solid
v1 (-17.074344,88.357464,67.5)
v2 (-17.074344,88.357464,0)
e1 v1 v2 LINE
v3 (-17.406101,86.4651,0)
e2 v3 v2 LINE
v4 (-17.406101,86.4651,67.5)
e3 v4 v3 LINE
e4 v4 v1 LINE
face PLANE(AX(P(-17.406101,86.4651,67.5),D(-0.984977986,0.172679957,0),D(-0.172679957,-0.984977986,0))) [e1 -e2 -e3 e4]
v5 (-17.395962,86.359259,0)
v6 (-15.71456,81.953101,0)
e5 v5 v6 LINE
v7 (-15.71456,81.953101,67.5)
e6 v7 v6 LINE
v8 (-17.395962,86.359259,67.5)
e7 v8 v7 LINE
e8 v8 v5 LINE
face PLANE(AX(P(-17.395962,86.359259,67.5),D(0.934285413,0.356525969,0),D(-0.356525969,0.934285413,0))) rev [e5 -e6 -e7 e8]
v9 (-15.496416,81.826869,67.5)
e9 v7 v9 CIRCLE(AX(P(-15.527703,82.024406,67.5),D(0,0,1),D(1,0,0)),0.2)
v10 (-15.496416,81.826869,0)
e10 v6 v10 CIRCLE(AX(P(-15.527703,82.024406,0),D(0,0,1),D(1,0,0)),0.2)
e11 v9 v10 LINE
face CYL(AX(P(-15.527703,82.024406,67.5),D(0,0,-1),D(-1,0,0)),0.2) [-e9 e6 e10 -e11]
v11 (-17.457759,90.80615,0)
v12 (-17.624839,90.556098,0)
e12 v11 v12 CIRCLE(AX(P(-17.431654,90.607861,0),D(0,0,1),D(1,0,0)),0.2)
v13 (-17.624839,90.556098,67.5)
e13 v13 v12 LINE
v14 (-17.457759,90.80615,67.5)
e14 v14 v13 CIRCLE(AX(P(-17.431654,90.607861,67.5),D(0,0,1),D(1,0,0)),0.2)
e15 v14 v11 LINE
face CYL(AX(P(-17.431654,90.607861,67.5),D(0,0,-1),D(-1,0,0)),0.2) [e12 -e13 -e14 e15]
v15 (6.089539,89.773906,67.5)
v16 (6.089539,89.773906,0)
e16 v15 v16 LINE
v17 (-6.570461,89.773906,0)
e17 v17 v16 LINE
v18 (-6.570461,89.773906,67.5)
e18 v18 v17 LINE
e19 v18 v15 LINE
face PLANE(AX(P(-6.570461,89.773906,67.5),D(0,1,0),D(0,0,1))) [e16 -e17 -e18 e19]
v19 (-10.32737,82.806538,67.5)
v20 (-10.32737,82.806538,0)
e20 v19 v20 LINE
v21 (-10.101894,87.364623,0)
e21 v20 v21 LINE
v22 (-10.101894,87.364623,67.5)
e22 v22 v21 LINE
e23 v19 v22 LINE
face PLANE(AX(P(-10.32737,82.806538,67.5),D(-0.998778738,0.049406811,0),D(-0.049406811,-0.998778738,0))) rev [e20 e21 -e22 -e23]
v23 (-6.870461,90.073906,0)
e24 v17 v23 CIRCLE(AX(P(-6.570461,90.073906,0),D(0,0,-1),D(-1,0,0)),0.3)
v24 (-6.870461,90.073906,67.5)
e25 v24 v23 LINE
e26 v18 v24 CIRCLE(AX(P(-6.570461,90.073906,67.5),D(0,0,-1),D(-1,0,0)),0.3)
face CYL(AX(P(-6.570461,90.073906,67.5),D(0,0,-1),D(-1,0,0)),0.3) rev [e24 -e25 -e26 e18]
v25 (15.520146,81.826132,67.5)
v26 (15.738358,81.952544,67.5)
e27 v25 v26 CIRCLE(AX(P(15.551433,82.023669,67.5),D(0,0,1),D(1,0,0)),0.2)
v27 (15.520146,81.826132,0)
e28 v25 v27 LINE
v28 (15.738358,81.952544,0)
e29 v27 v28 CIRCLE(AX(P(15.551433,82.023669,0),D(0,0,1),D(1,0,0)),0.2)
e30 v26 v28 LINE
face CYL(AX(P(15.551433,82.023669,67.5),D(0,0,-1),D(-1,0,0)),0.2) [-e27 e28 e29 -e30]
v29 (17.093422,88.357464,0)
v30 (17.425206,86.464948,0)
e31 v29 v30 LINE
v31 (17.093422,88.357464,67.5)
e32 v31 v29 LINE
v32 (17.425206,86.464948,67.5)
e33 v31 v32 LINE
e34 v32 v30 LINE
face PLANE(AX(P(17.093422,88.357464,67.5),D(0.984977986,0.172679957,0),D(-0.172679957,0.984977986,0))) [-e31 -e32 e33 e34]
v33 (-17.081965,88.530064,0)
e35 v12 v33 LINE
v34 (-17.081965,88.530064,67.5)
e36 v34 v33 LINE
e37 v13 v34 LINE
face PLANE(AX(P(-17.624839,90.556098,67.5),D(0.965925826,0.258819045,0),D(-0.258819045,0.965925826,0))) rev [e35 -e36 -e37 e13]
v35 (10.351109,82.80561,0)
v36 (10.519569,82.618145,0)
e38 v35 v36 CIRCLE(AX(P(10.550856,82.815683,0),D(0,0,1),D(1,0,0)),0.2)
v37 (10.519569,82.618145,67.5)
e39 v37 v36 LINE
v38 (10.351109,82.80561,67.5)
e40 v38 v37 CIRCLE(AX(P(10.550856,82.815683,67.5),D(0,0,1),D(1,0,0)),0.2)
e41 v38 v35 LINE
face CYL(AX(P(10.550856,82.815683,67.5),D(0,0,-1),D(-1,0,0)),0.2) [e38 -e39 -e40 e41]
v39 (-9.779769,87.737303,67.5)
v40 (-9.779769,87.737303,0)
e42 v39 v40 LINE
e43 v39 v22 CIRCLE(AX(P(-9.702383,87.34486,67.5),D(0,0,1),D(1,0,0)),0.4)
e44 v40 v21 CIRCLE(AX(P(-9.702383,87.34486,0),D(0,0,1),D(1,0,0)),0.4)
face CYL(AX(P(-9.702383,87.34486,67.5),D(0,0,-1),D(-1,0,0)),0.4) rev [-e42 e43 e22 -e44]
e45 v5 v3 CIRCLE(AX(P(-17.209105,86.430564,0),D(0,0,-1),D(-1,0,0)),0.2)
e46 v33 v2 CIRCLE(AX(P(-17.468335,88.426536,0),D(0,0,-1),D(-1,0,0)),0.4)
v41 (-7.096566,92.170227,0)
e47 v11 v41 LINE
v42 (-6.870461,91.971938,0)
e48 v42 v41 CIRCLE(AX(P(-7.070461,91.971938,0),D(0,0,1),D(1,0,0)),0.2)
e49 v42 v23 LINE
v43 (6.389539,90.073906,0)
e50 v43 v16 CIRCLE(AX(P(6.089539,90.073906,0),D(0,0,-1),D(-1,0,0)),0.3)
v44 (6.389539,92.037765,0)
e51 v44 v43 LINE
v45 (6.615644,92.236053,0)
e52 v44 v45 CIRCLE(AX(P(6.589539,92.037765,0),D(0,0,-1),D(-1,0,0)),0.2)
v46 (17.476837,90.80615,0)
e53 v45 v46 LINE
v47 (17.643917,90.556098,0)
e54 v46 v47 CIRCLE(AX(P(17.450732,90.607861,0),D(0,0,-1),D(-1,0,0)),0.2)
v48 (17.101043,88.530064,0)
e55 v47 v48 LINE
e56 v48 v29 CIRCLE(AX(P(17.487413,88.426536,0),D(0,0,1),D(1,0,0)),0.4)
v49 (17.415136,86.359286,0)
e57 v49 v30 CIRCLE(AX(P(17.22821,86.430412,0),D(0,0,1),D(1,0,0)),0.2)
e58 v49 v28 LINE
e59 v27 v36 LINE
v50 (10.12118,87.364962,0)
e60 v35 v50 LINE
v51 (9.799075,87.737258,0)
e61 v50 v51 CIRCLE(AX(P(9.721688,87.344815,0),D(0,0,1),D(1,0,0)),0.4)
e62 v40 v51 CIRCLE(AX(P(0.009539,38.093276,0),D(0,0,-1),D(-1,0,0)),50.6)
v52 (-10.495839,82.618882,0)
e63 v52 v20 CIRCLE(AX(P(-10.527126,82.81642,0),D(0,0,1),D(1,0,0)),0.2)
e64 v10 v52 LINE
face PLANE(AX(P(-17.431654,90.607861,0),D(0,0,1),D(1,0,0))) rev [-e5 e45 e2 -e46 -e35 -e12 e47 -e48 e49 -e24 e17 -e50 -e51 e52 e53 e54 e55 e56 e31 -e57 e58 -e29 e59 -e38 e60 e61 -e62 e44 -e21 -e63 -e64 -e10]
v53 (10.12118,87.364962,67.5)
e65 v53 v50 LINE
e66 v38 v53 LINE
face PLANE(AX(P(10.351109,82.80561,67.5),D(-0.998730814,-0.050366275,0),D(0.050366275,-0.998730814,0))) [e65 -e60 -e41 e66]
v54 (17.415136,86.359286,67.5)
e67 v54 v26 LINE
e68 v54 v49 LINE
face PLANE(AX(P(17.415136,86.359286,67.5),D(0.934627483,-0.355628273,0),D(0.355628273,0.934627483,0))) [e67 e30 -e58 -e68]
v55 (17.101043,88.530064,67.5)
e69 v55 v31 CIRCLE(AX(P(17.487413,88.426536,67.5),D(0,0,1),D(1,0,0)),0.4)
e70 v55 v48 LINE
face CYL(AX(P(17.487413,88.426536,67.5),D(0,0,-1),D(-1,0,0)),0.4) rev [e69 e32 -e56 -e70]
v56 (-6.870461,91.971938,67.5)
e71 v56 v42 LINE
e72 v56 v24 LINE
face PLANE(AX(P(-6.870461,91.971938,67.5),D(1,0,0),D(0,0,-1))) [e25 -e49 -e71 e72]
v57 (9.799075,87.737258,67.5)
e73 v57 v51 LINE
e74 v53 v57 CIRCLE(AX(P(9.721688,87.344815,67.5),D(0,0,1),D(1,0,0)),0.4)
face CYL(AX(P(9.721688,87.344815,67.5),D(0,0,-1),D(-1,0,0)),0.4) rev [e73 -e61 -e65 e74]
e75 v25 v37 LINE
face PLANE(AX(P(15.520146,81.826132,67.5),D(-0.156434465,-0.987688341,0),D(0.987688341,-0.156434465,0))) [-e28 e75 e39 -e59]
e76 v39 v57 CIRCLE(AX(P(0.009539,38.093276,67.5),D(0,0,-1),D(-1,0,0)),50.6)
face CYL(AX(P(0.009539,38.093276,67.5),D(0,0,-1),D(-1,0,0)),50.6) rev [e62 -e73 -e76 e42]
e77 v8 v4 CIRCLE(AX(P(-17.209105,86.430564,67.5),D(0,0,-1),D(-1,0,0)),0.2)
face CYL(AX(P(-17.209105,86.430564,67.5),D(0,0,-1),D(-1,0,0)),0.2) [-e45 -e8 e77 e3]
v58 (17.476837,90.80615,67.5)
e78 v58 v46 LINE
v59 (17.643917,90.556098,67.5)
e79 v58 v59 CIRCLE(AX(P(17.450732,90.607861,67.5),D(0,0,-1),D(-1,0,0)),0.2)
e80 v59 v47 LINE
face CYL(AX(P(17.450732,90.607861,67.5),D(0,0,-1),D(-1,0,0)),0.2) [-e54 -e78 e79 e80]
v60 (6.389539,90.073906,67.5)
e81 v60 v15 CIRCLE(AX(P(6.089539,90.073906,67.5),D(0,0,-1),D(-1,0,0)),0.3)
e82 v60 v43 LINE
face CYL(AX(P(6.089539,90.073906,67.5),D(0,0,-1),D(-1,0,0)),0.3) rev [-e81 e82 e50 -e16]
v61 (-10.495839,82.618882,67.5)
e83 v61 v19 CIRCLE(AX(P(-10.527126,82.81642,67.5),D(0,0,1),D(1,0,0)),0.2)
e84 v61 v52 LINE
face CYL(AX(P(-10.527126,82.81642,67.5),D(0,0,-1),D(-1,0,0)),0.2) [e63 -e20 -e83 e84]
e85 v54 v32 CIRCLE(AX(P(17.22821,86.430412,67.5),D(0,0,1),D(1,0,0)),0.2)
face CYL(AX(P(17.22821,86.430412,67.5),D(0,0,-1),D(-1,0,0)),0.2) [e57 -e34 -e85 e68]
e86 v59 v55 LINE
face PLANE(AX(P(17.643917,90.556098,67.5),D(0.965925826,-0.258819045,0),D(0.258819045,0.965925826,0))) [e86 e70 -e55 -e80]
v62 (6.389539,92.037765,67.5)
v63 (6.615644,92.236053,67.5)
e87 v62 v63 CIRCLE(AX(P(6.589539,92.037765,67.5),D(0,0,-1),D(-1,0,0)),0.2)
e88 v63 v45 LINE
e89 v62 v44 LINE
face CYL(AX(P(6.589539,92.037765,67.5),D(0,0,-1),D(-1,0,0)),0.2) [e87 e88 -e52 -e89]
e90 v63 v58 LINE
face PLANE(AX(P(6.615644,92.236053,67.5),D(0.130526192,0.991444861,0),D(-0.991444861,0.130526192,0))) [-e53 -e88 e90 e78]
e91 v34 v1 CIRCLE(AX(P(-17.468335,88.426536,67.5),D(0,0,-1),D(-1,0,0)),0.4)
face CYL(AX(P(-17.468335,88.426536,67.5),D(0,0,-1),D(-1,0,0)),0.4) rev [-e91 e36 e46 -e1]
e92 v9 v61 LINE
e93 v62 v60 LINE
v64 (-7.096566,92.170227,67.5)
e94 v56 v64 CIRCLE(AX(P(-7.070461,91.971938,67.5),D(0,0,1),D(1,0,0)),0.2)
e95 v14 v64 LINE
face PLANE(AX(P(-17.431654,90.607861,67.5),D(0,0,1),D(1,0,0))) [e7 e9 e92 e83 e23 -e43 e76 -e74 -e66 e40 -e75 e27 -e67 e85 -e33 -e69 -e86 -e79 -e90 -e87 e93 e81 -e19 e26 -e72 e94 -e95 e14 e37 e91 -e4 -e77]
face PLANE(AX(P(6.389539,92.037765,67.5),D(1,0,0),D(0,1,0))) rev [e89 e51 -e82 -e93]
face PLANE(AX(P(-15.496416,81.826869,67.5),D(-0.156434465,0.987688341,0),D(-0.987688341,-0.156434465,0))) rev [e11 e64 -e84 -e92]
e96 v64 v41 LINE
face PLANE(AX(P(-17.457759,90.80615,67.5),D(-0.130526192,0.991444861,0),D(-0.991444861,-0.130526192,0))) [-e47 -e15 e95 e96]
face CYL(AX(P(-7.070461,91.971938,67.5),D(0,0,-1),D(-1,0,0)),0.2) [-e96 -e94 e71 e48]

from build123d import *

# Parameters (mm, degrees)
BOSS_EXTRUDE2_DEPTH = 67.5


with BuildPart() as part:
    # Sketch1 → Boss-Extrude2 (new body)
    with BuildSketch(Plane.XY):
        with BuildLine():
            Line((-17.624839098, 90.556097537), (-17.081964944, 88.53006361))
            ThreePointArc((-17.081964944, 88.53006361), (-17.06872461, 88.444180172), (-17.07434408, 88.357464009))
            Line((-17.07434408, 88.357464009), (-17.406101009, 86.465100374))
            ThreePointArc((-17.406101009, 86.465100374), (-17.408194108, 86.4114937), (-17.395962494, 86.359259189))
            Line((-17.395962494, 86.359259189), (-15.714560006, 81.953100992))
            ThreePointArc((-15.714560006, 81.953100992), (-15.62787368, 81.851299803), (-15.496416031, 81.826868517))
            Line((-15.496416031, 81.826868517), (-10.495838808, 82.618882142))
            ThreePointArc((-10.495838808, 82.618882142), (-10.378300643, 82.682811793), (-10.327369953, 82.806538448))
            Line((-10.327369953, 82.806538448), (-10.101894168, 87.364622968))
            ThreePointArc((-10.101894168, 87.364622968), (-10.0050052, 87.606431661), (-9.779768503, 87.737303149))
            ThreePointArc((-9.779768503, 87.737303149), (0.009655574, 88.693275712), (9.799075243, 87.737258013))
            ThreePointArc((9.799075243, 87.737258013), (10.024185058, 87.606531513), (10.121179929, 87.364961975))
            Line((10.121179929, 87.364961975), (10.351109341, 82.805609758))
            ThreePointArc((10.351109341, 82.805609758), (10.40209464, 82.682003526), (10.519568611, 82.618145345))
            Line((10.519568611, 82.618145345), (15.520145834, 81.82613172))
            ThreePointArc((15.520145834, 81.82613172), (15.65168662, 81.850611141), (15.738358224, 81.952543733))
            Line((15.738358224, 81.952543733), (17.415135527, 86.359286022))
            ThreePointArc((17.415135527, 86.359286022), (17.427307864, 86.411436625), (17.425205627, 86.464947668))
            Line((17.425205627, 86.464947668), (17.093421927, 88.357464009))
            ThreePointArc((17.093421927, 88.357464009), (17.087802457, 88.444180172), (17.101042791, 88.53006361))
            Line((17.101042791, 88.53006361), (17.643916946, 90.556097537))
            ThreePointArc((17.643916946, 90.556097537), (17.617025703, 90.718975393), (17.476837019, 90.806150319))
            Line((17.476837019, 90.806150319), (6.615644162, 92.236053485))
            ThreePointArc((6.615644162, 92.236053485), (6.457669761, 92.188132474), (6.389538924, 92.037764513))
            Line((6.389538924, 92.037764513), (6.389538924, 90.07390614))
            ThreePointArc((6.389538924, 90.07390614), (6.301670958, 89.861774106), (6.089538924, 89.77390614))
            Line((6.089538924, 89.77390614), (-6.570461076, 89.77390614))
            ThreePointArc((-6.570461076, 89.77390614), (-6.782593111, 89.861774106), (-6.870461076, 90.07390614))
            Line((-6.870461076, 90.07390614), (-6.870461076, 91.971938264))
            ThreePointArc((-6.870461076, 91.971938264), (-6.938591913, 92.122306225), (-7.096566315, 92.170227236))
            Line((-7.096566315, 92.170227236), (-17.457759172, 90.806150319))
            ThreePointArc((-17.457759172, 90.806150319), (-17.597947856, 90.718975393), (-17.624839098, 90.556097537))
        make_face()
    extrude(amount=BOSS_EXTRUDE2_DEPTH)


solid = part.part
